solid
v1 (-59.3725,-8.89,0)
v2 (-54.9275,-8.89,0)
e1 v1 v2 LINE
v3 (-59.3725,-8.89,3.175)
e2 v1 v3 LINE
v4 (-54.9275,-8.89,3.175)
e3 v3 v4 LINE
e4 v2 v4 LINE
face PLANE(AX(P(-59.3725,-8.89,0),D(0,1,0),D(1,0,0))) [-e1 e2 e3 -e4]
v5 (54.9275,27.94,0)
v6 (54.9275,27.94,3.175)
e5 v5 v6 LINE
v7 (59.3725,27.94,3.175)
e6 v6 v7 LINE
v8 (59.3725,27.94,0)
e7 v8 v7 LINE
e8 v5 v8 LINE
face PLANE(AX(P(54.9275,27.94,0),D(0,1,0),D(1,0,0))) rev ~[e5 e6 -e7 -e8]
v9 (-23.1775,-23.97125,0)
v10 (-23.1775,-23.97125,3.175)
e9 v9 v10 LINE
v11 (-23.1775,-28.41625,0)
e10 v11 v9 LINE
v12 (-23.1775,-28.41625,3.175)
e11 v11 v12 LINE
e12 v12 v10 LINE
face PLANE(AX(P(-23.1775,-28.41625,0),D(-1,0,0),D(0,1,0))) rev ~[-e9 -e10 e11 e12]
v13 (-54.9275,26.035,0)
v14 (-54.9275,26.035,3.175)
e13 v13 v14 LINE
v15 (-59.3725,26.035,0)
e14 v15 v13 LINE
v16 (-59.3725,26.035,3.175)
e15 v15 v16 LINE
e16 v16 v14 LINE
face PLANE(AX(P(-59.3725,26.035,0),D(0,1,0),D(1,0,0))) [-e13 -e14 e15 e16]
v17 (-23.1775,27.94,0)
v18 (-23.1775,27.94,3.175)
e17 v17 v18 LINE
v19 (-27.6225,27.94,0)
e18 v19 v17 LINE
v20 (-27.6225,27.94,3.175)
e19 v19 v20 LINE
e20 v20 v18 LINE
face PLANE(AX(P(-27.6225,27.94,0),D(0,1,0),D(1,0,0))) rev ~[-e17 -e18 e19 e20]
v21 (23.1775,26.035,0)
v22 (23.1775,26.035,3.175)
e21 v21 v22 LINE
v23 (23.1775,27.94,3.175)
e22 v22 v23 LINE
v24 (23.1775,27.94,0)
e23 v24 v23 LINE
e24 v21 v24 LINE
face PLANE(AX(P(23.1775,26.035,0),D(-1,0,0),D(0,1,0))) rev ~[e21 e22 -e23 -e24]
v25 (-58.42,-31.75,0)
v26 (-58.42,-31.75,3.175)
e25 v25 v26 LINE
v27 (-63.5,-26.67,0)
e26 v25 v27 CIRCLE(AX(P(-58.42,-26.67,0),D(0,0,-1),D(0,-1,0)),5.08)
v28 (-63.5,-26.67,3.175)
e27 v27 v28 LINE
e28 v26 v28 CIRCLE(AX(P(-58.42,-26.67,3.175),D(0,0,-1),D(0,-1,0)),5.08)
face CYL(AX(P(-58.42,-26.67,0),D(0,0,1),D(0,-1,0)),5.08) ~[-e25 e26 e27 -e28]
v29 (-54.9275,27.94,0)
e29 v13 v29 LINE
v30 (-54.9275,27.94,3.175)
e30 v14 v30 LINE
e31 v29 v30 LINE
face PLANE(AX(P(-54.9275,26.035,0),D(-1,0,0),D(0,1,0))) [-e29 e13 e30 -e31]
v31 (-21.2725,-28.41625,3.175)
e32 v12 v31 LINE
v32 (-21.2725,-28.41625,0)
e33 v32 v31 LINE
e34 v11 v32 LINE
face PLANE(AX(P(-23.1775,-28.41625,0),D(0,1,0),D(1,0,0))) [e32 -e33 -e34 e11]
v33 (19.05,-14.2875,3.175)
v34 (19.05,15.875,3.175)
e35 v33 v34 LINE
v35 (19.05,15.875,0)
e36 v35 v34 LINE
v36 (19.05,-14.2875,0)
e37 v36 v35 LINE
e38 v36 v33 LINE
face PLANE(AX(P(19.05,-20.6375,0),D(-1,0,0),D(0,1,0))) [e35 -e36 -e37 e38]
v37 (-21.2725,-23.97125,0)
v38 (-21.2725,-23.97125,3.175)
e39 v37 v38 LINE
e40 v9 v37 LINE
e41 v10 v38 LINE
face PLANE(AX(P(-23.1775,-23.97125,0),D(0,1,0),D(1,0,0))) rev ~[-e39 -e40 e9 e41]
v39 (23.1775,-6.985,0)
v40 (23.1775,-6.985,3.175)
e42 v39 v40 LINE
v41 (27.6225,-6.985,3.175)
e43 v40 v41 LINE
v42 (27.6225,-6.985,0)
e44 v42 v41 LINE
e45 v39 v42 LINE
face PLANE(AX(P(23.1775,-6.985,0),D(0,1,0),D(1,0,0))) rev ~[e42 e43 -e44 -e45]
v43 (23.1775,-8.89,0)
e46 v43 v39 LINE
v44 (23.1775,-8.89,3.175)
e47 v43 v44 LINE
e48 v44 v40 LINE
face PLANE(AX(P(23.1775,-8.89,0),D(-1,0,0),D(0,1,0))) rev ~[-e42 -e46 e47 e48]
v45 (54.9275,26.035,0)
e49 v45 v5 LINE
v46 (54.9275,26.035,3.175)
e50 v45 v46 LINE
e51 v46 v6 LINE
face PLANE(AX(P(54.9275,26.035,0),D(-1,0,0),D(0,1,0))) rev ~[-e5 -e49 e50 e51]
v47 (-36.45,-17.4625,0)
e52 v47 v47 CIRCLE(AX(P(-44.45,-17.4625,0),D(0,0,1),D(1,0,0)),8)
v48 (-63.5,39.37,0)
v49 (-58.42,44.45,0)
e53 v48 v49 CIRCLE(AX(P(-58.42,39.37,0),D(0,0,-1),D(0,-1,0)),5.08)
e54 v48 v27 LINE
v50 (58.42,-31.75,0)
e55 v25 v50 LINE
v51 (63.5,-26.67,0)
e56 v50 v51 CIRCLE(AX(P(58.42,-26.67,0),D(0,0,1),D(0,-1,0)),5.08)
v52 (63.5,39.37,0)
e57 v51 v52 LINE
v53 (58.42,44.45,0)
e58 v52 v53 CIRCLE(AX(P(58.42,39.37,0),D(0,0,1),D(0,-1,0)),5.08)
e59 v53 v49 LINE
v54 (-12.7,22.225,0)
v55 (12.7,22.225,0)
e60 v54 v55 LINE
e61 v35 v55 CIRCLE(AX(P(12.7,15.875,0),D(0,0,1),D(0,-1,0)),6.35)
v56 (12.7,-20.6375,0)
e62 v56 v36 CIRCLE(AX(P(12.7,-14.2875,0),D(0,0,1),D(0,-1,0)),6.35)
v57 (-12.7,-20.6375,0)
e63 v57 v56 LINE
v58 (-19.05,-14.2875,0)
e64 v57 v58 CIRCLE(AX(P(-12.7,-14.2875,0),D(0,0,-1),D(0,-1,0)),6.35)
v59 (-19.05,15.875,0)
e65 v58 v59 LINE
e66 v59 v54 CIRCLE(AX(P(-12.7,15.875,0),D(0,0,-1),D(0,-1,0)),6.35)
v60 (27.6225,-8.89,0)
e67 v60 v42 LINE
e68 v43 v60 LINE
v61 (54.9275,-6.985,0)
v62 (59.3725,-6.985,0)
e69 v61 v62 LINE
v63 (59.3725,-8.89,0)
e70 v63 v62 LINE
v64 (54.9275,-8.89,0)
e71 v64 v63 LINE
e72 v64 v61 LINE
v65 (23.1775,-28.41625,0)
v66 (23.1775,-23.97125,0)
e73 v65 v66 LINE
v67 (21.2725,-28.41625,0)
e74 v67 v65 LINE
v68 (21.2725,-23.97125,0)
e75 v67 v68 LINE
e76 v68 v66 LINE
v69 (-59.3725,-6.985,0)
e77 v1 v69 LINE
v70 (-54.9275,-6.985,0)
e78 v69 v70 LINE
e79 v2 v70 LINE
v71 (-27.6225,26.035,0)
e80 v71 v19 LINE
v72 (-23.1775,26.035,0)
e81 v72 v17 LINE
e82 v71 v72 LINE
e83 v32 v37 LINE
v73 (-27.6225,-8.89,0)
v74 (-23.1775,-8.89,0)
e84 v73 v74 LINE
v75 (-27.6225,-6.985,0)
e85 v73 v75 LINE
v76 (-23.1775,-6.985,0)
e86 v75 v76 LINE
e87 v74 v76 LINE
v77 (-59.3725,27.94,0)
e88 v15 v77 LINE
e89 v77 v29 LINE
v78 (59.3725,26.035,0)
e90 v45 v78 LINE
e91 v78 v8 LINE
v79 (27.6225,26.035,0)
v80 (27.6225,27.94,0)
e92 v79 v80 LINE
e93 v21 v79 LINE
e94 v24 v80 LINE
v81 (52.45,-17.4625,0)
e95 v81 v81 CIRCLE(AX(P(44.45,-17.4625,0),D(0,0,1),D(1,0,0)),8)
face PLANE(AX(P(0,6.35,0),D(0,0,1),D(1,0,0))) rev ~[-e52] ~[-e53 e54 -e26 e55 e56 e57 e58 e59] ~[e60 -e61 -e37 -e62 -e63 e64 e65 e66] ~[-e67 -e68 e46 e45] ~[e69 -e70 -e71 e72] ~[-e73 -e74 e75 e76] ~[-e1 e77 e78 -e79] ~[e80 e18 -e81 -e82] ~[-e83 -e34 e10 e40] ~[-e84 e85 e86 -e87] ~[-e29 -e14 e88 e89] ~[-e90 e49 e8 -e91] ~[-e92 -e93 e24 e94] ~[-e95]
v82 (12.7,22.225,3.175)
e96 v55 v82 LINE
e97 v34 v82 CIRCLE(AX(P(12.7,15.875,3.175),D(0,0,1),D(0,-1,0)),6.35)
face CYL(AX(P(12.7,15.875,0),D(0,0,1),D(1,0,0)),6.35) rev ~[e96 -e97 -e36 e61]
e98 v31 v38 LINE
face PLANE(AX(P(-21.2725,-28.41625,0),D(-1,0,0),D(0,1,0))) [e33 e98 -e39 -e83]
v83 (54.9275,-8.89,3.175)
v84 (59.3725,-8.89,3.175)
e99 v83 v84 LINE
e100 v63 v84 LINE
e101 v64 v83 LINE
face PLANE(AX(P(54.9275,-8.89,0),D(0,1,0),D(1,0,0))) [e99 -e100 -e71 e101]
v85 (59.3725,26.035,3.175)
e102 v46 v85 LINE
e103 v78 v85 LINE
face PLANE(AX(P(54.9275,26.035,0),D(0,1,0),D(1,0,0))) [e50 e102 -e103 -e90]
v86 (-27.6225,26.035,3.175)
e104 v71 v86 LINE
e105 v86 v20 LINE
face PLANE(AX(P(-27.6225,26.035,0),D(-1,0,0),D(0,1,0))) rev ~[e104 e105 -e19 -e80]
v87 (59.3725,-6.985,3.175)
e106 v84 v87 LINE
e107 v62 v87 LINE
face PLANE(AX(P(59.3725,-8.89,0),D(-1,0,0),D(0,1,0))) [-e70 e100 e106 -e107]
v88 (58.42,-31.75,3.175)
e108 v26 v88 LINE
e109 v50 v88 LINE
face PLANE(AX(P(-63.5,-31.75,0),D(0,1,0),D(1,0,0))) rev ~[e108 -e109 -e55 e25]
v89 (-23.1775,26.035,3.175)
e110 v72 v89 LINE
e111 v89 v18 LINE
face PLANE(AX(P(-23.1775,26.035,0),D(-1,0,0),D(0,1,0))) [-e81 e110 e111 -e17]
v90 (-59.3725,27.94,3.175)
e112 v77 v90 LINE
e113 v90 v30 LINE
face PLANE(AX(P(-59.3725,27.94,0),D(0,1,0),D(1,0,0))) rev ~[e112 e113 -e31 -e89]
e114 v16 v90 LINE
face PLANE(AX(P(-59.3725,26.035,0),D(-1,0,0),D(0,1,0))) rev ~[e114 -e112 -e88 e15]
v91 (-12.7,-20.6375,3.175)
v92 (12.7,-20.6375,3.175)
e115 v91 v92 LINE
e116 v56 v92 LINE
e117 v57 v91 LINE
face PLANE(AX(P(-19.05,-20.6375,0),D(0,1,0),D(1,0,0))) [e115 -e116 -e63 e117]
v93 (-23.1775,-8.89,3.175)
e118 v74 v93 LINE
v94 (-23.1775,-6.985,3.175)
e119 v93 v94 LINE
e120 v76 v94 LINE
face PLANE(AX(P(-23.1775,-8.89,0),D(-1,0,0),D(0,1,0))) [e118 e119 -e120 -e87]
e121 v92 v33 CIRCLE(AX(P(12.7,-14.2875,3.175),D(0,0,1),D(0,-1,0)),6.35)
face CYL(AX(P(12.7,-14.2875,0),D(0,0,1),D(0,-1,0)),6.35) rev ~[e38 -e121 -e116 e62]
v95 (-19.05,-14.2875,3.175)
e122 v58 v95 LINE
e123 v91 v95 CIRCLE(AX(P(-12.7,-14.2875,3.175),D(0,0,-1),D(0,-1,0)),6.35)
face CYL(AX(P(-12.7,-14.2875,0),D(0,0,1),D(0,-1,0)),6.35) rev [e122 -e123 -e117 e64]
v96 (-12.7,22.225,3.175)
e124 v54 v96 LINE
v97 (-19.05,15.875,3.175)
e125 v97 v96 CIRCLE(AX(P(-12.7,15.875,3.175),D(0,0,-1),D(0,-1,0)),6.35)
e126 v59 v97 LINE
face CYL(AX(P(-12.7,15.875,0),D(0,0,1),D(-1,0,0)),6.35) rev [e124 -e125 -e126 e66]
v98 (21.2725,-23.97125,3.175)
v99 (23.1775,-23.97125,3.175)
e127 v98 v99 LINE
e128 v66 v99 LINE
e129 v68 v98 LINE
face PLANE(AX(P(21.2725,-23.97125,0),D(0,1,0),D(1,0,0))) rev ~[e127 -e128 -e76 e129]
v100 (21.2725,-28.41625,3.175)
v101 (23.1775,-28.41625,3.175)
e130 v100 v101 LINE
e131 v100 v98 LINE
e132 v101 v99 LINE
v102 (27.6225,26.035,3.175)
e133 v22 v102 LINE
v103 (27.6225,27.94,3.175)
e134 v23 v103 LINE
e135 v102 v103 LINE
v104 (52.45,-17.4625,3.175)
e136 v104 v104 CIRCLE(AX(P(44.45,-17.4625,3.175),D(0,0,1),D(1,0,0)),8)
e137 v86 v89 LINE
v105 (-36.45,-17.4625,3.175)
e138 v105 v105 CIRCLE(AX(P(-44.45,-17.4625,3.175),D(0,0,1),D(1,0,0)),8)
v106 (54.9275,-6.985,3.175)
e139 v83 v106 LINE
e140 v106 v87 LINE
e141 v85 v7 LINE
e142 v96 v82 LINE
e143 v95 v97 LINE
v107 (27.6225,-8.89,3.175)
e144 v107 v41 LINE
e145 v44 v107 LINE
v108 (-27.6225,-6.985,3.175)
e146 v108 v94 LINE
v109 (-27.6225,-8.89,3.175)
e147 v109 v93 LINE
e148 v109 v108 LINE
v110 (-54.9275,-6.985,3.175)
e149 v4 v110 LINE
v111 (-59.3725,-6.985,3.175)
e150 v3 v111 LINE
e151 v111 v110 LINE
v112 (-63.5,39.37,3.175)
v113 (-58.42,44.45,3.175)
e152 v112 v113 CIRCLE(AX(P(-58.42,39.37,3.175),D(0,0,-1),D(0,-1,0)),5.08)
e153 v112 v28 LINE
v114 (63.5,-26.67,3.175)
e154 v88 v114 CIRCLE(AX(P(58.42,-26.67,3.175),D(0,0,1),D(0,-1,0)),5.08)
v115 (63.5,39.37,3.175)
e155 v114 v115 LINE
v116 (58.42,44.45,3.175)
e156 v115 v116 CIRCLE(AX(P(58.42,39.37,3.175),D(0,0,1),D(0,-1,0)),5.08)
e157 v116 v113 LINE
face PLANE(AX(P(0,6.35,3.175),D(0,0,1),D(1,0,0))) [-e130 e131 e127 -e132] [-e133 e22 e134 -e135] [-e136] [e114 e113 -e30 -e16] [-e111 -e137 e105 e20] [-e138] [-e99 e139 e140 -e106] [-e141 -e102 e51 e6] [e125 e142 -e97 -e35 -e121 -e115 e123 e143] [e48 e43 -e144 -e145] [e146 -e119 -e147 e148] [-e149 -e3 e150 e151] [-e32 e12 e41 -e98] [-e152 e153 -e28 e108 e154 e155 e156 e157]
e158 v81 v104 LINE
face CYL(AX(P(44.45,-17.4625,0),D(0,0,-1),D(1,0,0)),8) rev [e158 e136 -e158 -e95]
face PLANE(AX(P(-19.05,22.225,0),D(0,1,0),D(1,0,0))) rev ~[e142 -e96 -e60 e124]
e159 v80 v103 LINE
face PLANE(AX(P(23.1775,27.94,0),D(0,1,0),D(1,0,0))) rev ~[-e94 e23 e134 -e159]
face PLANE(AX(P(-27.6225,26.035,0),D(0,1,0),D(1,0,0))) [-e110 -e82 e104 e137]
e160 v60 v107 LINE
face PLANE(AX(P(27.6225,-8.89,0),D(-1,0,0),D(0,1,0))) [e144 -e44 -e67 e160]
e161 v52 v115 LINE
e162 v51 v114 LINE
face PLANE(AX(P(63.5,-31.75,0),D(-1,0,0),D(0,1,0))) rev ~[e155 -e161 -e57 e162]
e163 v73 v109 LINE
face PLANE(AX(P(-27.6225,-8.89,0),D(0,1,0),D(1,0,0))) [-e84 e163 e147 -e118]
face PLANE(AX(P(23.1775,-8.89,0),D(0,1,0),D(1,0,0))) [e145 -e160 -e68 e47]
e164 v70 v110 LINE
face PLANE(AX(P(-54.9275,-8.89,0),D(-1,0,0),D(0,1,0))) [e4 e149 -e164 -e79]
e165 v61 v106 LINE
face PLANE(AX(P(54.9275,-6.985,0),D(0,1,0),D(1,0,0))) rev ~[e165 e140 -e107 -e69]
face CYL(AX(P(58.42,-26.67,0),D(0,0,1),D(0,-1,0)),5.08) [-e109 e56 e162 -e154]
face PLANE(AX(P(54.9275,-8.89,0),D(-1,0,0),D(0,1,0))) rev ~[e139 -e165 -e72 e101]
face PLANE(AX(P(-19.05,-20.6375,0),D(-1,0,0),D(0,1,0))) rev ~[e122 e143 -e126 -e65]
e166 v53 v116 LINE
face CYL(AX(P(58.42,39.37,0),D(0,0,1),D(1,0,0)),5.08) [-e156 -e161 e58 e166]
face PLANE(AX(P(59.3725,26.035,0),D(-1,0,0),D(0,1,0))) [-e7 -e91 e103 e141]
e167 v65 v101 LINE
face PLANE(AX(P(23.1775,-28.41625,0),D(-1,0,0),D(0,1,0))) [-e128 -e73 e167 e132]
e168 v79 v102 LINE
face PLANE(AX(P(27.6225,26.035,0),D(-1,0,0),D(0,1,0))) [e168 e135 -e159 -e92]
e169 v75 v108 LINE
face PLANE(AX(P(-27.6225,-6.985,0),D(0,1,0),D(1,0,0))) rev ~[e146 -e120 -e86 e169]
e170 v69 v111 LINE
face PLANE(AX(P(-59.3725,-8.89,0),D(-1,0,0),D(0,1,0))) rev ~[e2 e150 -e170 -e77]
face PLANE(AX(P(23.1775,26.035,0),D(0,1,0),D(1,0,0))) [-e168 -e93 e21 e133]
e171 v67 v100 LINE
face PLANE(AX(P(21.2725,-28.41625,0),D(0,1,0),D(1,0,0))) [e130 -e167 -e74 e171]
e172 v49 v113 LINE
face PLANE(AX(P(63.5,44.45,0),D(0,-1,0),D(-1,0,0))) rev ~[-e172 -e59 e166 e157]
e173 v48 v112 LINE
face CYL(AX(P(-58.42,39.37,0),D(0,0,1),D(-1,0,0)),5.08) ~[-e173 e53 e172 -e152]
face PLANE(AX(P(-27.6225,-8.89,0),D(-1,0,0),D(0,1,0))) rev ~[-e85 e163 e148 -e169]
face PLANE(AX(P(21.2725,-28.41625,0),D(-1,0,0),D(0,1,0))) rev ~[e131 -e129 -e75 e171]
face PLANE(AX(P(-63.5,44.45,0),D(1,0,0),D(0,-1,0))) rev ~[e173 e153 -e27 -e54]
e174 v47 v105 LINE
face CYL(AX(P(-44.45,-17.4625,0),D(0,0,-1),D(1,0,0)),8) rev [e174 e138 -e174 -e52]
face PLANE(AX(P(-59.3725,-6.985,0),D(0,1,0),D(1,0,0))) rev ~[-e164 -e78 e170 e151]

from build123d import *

# Parameters (mm, degrees)
F0_R     = 8
F0_W     = 1.905
F0_H     = 4.445
F0_W_2   = 4.445
F0_H_2   = 1.905
F0_W_3   = 38.1
F0_H_3   = 42.8625
F1_DEPTH = 3.175
F2_R     = 6.35
F3_R     = 5.08


with BuildPart() as f1:
    # F0 (on Top) → F1 (new body)
    with BuildSketch(Plane.XY):
        Polygon((-63.5, -31.75), (63.5, -31.75), (63.5, 31.75), (63.5, 44.45), (-63.5, 44.45), (-63.5, 31.75), align=None)
        with Locations((-44.45, -17.4625)):
            Circle(F0_R, mode=Mode.SUBTRACT)
        with Locations((-22.225, -26.19375)):
            Rectangle(F0_W, F0_H, mode=Mode.SUBTRACT)
        with Locations((-57.15, -7.9375)):
            Rectangle(F0_W_2, F0_H_2, mode=Mode.SUBTRACT)
        with Locations((-25.4, -7.9375)):
            Rectangle(F0_W_2, F0_H_2, mode=Mode.SUBTRACT)
        with Locations((22.225, -26.19375)):
            Rectangle(F0_W, F0_H, mode=Mode.SUBTRACT)
        with Locations((44.45, -17.4625)):
            Circle(F0_R, mode=Mode.SUBTRACT)
        with Locations((25.4, -7.9375)):
            Rectangle(F0_W_2, F0_H_2, mode=Mode.SUBTRACT)
        with Locations((0, 0.79375)):
            Rectangle(F0_W_3, F0_H_3, mode=Mode.SUBTRACT)
        with Locations((57.15, -7.9375)):
            Rectangle(F0_W_2, F0_H_2, mode=Mode.SUBTRACT)
        with Locations((-57.15, 26.9875)):
            Rectangle(F0_W_2, F0_H_2, mode=Mode.SUBTRACT)
        with Locations((-25.4, 26.9875)):
            Rectangle(F0_W_2, F0_H_2, mode=Mode.SUBTRACT)
        with Locations((25.4, 26.9875)):
            Rectangle(F0_W_2, F0_H_2, mode=Mode.SUBTRACT)
        with Locations((57.15, 26.9875)):
            Rectangle(F0_W_2, F0_H_2, mode=Mode.SUBTRACT)
    extrude(amount=F1_DEPTH)

    # F2
    f2_edges = [f1.edges().sort_by_distance(p)[0] for p in [
        (-19.05, 22.225, 1.5875),
        (19.05, 22.225, 1.5875),
        (-19.05, -20.6375, 1.5875),
        (19.05, -20.6375, 1.5875),
    ]]
    fillet(f2_edges, radius=F2_R)

    # F3
    f3_edges = [f1.edges().sort_by_distance(p)[0] for p in [
        (-63.5, 44.45, 1.5875),
        (-63.5, -31.75, 1.5875),
        (63.5, -31.75, 1.5875),
        (63.5, 44.45, 1.5875),
    ]]
    fillet(f3_edges, radius=F3_R)


solid = f1.part
